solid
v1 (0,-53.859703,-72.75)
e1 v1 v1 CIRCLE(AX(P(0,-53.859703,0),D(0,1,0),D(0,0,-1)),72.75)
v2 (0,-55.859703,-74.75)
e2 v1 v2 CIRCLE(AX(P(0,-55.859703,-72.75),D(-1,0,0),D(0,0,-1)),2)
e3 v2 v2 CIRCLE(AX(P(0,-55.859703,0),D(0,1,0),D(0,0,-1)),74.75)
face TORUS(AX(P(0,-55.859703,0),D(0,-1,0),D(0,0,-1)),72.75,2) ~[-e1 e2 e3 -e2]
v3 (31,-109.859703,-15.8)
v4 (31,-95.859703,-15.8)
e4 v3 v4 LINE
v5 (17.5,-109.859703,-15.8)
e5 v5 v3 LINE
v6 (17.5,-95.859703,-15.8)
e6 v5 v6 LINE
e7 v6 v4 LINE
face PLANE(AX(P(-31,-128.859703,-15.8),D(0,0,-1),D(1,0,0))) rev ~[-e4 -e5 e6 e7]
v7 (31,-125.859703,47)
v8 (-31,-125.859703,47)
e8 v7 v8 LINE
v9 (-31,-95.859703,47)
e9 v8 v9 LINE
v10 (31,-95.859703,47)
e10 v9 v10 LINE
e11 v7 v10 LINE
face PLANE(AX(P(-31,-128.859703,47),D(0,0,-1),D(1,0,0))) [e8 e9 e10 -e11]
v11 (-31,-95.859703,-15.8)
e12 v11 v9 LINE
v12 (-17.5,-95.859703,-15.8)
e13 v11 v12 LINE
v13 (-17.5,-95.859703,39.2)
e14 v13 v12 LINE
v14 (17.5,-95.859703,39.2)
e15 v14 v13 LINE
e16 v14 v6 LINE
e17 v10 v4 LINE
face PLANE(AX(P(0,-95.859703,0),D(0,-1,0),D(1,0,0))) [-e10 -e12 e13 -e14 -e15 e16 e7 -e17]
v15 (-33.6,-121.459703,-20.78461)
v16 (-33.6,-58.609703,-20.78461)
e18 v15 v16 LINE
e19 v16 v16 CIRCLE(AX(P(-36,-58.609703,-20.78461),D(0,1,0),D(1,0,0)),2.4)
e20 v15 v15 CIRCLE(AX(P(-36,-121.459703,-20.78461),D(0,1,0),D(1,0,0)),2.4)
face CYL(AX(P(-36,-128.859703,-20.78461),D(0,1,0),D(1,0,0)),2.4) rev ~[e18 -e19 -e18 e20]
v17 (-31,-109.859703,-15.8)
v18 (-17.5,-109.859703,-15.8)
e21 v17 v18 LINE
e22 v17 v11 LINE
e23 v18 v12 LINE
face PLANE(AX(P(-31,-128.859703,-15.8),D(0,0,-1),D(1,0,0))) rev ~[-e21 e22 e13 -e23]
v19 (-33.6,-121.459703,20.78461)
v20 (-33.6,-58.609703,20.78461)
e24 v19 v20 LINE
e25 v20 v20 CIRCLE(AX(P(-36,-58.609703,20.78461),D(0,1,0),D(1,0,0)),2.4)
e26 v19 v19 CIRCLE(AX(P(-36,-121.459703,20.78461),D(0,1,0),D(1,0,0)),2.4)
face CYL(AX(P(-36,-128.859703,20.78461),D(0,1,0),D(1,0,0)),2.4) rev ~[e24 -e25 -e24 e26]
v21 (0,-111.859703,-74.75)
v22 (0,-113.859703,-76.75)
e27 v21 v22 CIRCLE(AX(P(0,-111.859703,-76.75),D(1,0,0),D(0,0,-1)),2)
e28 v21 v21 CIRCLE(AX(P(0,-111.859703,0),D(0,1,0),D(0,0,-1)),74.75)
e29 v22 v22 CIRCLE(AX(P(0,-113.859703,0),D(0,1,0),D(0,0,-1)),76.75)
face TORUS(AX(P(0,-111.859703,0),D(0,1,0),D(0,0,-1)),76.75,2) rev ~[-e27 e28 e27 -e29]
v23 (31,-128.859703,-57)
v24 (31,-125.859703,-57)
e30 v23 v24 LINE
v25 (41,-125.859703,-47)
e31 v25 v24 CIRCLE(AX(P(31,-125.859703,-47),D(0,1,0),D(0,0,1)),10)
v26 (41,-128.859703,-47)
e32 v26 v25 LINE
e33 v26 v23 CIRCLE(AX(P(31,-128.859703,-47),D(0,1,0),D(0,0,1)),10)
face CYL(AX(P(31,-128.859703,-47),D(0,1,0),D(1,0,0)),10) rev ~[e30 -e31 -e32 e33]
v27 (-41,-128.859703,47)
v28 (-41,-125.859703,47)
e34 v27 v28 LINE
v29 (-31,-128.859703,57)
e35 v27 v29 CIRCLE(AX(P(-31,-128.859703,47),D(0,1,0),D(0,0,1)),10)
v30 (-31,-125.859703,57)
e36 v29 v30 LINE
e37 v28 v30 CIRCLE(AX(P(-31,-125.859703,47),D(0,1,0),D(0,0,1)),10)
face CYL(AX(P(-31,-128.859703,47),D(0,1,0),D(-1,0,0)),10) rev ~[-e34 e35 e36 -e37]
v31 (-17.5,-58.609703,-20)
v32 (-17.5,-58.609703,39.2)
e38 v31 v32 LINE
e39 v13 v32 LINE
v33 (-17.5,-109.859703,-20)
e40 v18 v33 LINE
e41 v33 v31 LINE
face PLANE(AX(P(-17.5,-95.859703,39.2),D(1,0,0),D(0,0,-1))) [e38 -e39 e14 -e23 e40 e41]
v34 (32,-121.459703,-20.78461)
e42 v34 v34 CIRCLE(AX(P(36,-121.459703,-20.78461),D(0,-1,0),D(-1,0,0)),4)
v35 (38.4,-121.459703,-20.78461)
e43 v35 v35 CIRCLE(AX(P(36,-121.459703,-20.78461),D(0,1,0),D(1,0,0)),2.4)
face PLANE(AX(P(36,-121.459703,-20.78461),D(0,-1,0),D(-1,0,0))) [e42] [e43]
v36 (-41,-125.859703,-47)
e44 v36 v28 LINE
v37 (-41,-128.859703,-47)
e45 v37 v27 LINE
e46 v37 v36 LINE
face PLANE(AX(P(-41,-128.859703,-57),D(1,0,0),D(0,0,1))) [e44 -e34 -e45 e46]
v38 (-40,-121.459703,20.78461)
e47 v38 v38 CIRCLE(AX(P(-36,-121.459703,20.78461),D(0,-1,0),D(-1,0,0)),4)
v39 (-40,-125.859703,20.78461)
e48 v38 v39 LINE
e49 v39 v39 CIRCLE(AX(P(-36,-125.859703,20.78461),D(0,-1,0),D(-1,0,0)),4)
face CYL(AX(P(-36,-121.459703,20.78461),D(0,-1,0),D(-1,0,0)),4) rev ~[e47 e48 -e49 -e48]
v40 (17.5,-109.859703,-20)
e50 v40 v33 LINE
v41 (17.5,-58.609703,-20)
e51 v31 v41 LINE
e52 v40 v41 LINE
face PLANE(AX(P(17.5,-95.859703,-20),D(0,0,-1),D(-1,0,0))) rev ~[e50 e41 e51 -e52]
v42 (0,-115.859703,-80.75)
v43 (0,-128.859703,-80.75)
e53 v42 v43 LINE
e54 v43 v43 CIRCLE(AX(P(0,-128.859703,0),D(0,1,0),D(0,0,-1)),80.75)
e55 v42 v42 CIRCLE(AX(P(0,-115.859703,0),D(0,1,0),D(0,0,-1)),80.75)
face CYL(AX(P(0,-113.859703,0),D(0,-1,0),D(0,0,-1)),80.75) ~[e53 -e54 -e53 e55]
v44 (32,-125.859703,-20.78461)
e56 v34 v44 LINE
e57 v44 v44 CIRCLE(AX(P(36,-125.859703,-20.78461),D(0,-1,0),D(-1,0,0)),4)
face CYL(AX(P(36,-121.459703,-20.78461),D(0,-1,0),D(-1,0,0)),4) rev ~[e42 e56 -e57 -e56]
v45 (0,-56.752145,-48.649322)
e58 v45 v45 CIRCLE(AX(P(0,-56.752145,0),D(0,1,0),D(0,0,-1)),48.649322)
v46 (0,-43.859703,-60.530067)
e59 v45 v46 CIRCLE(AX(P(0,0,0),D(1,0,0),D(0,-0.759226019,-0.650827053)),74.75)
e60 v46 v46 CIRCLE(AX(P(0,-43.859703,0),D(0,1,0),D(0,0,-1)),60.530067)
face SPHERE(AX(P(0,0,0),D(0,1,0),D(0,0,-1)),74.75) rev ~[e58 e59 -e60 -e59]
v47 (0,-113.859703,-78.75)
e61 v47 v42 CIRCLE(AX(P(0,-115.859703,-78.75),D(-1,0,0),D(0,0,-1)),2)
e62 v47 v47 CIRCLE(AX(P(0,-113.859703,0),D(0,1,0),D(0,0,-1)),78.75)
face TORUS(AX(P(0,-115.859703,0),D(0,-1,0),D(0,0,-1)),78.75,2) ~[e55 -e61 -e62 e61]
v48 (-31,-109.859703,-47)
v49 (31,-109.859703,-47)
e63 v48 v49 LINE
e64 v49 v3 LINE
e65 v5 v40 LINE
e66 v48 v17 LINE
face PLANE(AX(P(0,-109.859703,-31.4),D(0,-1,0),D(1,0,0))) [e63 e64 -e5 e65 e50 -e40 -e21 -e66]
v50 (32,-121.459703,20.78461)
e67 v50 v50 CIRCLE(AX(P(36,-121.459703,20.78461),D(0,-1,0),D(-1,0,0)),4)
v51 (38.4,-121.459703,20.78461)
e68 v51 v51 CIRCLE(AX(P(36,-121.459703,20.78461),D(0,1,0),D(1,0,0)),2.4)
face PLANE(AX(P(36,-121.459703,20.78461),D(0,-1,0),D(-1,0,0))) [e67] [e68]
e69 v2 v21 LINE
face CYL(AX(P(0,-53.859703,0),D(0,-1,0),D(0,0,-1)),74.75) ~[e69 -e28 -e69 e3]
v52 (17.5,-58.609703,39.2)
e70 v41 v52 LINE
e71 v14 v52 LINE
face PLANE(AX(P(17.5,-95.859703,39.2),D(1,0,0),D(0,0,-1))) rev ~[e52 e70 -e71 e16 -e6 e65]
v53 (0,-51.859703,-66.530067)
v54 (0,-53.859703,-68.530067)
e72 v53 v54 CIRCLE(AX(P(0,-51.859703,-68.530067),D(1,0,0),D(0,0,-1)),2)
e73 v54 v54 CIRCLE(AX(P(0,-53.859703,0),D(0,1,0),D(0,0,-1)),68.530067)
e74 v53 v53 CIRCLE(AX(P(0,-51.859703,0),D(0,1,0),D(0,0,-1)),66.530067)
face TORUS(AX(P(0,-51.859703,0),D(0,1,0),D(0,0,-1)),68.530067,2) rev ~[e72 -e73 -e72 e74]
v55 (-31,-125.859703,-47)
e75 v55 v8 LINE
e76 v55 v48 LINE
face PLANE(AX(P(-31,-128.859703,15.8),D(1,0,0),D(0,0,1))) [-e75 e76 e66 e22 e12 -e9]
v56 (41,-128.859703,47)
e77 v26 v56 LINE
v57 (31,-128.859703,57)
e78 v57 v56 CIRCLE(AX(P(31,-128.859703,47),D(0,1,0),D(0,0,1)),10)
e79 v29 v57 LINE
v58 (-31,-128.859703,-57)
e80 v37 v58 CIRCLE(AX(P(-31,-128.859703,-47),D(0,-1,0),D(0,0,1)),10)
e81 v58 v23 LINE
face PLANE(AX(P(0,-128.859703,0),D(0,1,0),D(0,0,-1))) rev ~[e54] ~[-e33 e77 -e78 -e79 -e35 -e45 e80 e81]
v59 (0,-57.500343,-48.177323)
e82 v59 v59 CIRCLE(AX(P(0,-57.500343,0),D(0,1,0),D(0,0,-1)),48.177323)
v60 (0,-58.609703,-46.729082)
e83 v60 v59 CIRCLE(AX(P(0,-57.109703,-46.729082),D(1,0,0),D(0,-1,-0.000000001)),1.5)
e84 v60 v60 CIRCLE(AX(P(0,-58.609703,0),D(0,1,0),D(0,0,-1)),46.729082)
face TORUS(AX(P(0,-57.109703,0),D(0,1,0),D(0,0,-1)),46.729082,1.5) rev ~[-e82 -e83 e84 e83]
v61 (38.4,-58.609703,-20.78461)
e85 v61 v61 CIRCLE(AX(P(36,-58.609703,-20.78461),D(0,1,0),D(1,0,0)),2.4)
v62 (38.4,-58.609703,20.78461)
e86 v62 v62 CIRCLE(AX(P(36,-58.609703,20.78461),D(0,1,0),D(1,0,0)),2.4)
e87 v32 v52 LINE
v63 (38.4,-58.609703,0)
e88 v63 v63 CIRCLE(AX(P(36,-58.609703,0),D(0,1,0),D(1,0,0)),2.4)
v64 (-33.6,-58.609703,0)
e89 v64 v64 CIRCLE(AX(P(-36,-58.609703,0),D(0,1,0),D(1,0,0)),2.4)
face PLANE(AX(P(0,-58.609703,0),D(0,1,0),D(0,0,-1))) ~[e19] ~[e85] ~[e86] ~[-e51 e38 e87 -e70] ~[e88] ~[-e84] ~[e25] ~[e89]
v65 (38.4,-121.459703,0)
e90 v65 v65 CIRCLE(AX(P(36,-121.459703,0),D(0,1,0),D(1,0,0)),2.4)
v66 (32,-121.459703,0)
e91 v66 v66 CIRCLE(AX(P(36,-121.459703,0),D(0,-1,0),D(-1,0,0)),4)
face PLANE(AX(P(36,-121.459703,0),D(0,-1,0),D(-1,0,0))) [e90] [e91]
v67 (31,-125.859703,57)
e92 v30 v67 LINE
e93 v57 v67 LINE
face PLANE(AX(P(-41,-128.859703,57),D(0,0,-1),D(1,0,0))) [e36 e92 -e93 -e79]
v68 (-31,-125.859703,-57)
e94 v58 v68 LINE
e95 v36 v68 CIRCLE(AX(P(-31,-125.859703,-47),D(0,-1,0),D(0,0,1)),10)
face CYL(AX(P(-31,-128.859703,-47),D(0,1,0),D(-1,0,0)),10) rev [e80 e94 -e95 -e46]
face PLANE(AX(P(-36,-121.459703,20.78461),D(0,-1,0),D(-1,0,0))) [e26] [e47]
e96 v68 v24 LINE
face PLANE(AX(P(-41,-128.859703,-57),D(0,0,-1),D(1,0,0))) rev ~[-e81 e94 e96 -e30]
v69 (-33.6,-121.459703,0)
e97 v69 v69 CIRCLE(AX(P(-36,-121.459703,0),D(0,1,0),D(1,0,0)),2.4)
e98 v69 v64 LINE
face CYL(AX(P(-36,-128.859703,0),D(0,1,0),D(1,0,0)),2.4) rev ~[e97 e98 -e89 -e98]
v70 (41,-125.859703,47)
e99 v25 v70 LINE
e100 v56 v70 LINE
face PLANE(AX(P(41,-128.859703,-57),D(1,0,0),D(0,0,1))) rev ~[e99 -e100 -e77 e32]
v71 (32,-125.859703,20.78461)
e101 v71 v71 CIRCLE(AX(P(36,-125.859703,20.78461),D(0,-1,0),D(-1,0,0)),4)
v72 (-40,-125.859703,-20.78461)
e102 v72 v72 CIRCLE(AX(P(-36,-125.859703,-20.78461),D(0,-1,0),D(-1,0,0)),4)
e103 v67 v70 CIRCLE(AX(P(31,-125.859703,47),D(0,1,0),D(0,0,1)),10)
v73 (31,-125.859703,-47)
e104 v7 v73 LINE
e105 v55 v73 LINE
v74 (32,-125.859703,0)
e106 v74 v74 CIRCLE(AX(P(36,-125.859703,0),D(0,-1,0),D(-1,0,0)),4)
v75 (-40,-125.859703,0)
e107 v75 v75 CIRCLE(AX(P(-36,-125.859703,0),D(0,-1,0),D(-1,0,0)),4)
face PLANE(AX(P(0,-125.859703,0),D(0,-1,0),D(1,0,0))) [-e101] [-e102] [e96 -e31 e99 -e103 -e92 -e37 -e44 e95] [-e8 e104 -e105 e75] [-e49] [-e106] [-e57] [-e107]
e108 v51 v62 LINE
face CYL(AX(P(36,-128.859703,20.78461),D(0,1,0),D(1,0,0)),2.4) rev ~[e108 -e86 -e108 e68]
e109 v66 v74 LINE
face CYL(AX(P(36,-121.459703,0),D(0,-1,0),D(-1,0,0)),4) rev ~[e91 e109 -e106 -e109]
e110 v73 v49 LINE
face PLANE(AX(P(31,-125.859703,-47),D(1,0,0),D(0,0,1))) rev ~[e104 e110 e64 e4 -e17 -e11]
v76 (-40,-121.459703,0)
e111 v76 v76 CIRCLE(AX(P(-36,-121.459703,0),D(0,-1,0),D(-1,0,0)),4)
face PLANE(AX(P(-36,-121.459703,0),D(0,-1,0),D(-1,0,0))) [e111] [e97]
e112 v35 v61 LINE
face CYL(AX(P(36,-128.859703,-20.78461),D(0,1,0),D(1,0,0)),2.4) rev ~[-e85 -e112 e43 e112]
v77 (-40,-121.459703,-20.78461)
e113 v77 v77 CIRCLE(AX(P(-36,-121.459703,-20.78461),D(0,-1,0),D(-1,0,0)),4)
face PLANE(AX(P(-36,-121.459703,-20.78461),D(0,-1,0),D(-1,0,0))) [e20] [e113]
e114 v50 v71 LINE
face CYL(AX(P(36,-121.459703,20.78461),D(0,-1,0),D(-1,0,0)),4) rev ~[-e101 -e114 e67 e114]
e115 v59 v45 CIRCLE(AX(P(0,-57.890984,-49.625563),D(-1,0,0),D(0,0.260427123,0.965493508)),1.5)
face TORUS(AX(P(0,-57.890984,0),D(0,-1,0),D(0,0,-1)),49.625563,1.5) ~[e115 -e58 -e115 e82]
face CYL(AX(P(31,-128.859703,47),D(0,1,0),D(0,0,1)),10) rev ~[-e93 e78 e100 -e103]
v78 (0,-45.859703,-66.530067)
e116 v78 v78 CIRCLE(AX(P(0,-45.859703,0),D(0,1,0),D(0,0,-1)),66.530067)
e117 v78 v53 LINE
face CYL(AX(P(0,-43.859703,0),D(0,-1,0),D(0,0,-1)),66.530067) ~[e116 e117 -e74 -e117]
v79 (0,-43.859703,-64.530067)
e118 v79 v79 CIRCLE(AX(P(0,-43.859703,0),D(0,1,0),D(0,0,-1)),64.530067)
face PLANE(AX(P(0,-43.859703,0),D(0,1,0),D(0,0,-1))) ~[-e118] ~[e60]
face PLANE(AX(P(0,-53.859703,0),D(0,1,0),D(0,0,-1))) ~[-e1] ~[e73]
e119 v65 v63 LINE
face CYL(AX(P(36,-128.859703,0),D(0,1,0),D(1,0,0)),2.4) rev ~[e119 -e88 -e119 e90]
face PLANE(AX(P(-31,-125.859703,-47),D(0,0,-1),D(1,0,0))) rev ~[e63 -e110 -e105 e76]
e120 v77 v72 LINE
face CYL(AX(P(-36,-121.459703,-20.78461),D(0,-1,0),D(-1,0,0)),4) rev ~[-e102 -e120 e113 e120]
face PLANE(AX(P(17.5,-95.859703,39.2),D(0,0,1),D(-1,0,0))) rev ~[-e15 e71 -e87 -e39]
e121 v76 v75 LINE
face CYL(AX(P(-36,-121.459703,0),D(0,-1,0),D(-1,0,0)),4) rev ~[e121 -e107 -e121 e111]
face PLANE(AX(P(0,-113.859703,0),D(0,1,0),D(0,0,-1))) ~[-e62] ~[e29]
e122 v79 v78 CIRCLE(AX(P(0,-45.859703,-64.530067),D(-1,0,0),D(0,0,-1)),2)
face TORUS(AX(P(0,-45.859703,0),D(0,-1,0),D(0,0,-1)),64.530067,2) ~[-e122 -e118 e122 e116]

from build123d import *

# Parameters (mm, degrees)
FILLET1_R                                           = 2
FILLET2_R                                           = 2
SKETCH2_W                                           = 62
SKETCH2_H                                           = 31.2
CUT_EXTRUDE1_DEPTH                                  = 33
SKETCH3_W                                           = 82
SKETCH3_H                                           = 114
CUT_EXTRUDE2_DEPTH                                  = 3
FILLET3_R                                           = 10
CUT_EXTRUDE3_START                                  = -3
SKETCH2_3_W                                         = 62
SKETCH2_3_H                                         = 31.2
CUT_EXTRUDE3_DEPTH                                  = 16
SKETCH2_4_W                                         = 62
SKETCH2_4_H                                         = 31.6
CUT_EXTRUDE4_DEPTH                                  = 33
CUT_EXTRUDE5_REACH                                  = 127.48
SKETCH6_W                                           = 35
SKETCH6_H                                           = 59.2
CUT_EXTRUDE5_DIRECTION_2_REACH                      = 127.48
CBORE_FOR_M4_HEX_SOCKET_HEAD_CAP_SCREW1_D           = 4.8
CBORE_FOR_M4_HEX_SOCKET_HEAD_CAP_SCREW1_CBORE_D     = 8
CBORE_FOR_M4_HEX_SOCKET_HEAD_CAP_SCREW1_CBORE_DEPTH = 7.4


with BuildPart() as part:
    # Sketch1 → Revolve1 (revolve)
    with BuildSketch(Plane.XY, mode=Mode.PRIVATE) as revolve1_sk:
        with BuildLine():
            Line((0, -58.609702547), (46.729082253, -58.609702547))
            ThreePointArc((46.729082253, -58.609702547), (47.641233274, -58.300492417), (48.177322515, -57.500343233))
            ThreePointArc((48.177322515, -57.500343233), (48.356911119, -57.090657128), (48.649322197, -56.752144892))
            ThreePointArc((48.649322197, -56.752144892), (54.968977755, -50.655443781), (60.530066847, -43.859702547))
            Line((60.530066847, -43.859702547), (66.530066847, -43.859702547))
            Line((66.530066847, -43.859702547), (66.530066847, -53.859702547))
            Line((66.530066847, -53.859702547), (74.75, -53.859702547))
            Line((74.75, -53.859702547), (74.75, -113.859702547))
            Line((74.75, -113.859702547), (80.75, -113.859702547))
            Line((80.75, -113.859702547), (80.75, -128.859702547))
            Line((80.75, -128.859702547), (0, -128.859702547))
            Line((0, -128.859702547), (0, -58.609702547))
        make_face()
    revolve(revolve1_sk.sketch.rotate(Axis((0, -128.859702547, 0), (0, 1, 0)), 90), axis=Axis((0, -128.859702547, 0), (0, 1, 0)))

    # Fillet1
    fillet1_edges = [part.edges().sort_by_distance(p)[0] for p in [
        (0, -53.859702547, 74.75),
        (0, -113.859702547, 80.75),
        (0, -43.859702547, 66.530066847),
    ]]
    fillet(fillet1_edges, radius=FILLET1_R)

    # Fillet2
    fillet2_edges = [part.edges().sort_by_distance(p)[0] for p in [
        (0, -53.859702547, 66.530066847),
        (0, -113.859702547, 74.75),
    ]]
    fillet(fillet2_edges, radius=FILLET2_R)

    # Sketch2 → Cut-Extrude1 (cut)
    with BuildSketch(Plane.XZ.offset(128.859702547)):
        with Locations((0, 31.4)):
            Rectangle(SKETCH2_W, SKETCH2_H)
    extrude(amount=-CUT_EXTRUDE1_DEPTH, mode=Mode.SUBTRACT)

    # Sketch3 → Cut-Extrude2 (cut)
    with BuildSketch(Plane.XZ.offset(128.859702547)):
        Rectangle(SKETCH3_W, SKETCH3_H)
    extrude(amount=-CUT_EXTRUDE2_DEPTH, mode=Mode.SUBTRACT)

    # Fillet3
    fillet3_edges = [part.edges().sort_by_distance(p)[0] for p in [
        (-41, -127.359702547, -57),
        (-41, -127.359702547, 57),
        (41, -127.359702547, 57),
        (41, -127.359702547, -57),
    ]]
    fillet(fillet3_edges, radius=FILLET3_R)

    # Sketch2<3> → Cut-Extrude3 (cut)
    with BuildSketch(Plane.XZ.offset(128.859702547).offset(CUT_EXTRUDE3_START)):
        with Locations((0, -31.4)):
            Rectangle(SKETCH2_3_W, SKETCH2_3_H)
    extrude(amount=-CUT_EXTRUDE3_DEPTH, mode=Mode.SUBTRACT)

    # Sketch2<4> → Cut-Extrude4 (cut)
    with BuildSketch(Plane.XZ.offset(128.859702547)):
        Rectangle(SKETCH2_4_W, SKETCH2_4_H)
    extrude(amount=-CUT_EXTRUDE4_DEPTH, mode=Mode.SUBTRACT)

    # Sketch6 → Cut-Extrude5 (cut, up to next)
    with BuildSketch(Plane(origin=(0, -95.859702547, 0), x_dir=(-1, 0, 0), z_dir=(0, -1, 0)), mode=Mode.PRIVATE) as cut_extrude5_sk1:
        with Locations((0, -9.6)):
            Rectangle(SKETCH6_W, SKETCH6_H)
    cut_extrude5_tool1 = extrude(cut_extrude5_sk1.sketch, amount=-CUT_EXTRUDE5_REACH, mode=Mode.PRIVATE) & part.part
    add(cut_extrude5_tool1.solids().sort_by_distance((0, -95.859703, 9.6))[0], mode=Mode.SUBTRACT)

    # Sketch6 → Cut-Extrude5 direction 2 (cut, up to next)
    with BuildSketch(Plane(origin=(0, -95.859702547, 0), x_dir=(-1, 0, 0), z_dir=(0, -1, 0)), mode=Mode.PRIVATE) as cut_extrude5_direction_2_sk1:
        with Locations((0, -9.6)):
            Rectangle(SKETCH6_W, SKETCH6_H)
    cut_extrude5_direction_2_tool1 = extrude(cut_extrude5_direction_2_sk1.sketch, amount=CUT_EXTRUDE5_DIRECTION_2_REACH, mode=Mode.PRIVATE) & part.part
    add(cut_extrude5_direction_2_tool1.solids().sort_by_distance((0, -95.859703, 9.6))[0], mode=Mode.SUBTRACT)

    # CBORE for M4 Hex Socket Head Cap Screw1 (through all)
    with Locations(Plane(origin=(0, -128.859702547, 0), x_dir=(-1, 0, 0), z_dir=(0, -1, 0))):
        with Locations((-36, 0), (-36, -20.784609691), (-36, 20.784609691), (36, 20.784609691), (36, 0), (36, -20.784609691)):
            CounterBoreHole(CBORE_FOR_M4_HEX_SOCKET_HEAD_CAP_SCREW1_D / 2, CBORE_FOR_M4_HEX_SOCKET_HEAD_CAP_SCREW1_CBORE_D / 2, CBORE_FOR_M4_HEX_SOCKET_HEAD_CAP_SCREW1_CBORE_DEPTH)


solid = part.part
